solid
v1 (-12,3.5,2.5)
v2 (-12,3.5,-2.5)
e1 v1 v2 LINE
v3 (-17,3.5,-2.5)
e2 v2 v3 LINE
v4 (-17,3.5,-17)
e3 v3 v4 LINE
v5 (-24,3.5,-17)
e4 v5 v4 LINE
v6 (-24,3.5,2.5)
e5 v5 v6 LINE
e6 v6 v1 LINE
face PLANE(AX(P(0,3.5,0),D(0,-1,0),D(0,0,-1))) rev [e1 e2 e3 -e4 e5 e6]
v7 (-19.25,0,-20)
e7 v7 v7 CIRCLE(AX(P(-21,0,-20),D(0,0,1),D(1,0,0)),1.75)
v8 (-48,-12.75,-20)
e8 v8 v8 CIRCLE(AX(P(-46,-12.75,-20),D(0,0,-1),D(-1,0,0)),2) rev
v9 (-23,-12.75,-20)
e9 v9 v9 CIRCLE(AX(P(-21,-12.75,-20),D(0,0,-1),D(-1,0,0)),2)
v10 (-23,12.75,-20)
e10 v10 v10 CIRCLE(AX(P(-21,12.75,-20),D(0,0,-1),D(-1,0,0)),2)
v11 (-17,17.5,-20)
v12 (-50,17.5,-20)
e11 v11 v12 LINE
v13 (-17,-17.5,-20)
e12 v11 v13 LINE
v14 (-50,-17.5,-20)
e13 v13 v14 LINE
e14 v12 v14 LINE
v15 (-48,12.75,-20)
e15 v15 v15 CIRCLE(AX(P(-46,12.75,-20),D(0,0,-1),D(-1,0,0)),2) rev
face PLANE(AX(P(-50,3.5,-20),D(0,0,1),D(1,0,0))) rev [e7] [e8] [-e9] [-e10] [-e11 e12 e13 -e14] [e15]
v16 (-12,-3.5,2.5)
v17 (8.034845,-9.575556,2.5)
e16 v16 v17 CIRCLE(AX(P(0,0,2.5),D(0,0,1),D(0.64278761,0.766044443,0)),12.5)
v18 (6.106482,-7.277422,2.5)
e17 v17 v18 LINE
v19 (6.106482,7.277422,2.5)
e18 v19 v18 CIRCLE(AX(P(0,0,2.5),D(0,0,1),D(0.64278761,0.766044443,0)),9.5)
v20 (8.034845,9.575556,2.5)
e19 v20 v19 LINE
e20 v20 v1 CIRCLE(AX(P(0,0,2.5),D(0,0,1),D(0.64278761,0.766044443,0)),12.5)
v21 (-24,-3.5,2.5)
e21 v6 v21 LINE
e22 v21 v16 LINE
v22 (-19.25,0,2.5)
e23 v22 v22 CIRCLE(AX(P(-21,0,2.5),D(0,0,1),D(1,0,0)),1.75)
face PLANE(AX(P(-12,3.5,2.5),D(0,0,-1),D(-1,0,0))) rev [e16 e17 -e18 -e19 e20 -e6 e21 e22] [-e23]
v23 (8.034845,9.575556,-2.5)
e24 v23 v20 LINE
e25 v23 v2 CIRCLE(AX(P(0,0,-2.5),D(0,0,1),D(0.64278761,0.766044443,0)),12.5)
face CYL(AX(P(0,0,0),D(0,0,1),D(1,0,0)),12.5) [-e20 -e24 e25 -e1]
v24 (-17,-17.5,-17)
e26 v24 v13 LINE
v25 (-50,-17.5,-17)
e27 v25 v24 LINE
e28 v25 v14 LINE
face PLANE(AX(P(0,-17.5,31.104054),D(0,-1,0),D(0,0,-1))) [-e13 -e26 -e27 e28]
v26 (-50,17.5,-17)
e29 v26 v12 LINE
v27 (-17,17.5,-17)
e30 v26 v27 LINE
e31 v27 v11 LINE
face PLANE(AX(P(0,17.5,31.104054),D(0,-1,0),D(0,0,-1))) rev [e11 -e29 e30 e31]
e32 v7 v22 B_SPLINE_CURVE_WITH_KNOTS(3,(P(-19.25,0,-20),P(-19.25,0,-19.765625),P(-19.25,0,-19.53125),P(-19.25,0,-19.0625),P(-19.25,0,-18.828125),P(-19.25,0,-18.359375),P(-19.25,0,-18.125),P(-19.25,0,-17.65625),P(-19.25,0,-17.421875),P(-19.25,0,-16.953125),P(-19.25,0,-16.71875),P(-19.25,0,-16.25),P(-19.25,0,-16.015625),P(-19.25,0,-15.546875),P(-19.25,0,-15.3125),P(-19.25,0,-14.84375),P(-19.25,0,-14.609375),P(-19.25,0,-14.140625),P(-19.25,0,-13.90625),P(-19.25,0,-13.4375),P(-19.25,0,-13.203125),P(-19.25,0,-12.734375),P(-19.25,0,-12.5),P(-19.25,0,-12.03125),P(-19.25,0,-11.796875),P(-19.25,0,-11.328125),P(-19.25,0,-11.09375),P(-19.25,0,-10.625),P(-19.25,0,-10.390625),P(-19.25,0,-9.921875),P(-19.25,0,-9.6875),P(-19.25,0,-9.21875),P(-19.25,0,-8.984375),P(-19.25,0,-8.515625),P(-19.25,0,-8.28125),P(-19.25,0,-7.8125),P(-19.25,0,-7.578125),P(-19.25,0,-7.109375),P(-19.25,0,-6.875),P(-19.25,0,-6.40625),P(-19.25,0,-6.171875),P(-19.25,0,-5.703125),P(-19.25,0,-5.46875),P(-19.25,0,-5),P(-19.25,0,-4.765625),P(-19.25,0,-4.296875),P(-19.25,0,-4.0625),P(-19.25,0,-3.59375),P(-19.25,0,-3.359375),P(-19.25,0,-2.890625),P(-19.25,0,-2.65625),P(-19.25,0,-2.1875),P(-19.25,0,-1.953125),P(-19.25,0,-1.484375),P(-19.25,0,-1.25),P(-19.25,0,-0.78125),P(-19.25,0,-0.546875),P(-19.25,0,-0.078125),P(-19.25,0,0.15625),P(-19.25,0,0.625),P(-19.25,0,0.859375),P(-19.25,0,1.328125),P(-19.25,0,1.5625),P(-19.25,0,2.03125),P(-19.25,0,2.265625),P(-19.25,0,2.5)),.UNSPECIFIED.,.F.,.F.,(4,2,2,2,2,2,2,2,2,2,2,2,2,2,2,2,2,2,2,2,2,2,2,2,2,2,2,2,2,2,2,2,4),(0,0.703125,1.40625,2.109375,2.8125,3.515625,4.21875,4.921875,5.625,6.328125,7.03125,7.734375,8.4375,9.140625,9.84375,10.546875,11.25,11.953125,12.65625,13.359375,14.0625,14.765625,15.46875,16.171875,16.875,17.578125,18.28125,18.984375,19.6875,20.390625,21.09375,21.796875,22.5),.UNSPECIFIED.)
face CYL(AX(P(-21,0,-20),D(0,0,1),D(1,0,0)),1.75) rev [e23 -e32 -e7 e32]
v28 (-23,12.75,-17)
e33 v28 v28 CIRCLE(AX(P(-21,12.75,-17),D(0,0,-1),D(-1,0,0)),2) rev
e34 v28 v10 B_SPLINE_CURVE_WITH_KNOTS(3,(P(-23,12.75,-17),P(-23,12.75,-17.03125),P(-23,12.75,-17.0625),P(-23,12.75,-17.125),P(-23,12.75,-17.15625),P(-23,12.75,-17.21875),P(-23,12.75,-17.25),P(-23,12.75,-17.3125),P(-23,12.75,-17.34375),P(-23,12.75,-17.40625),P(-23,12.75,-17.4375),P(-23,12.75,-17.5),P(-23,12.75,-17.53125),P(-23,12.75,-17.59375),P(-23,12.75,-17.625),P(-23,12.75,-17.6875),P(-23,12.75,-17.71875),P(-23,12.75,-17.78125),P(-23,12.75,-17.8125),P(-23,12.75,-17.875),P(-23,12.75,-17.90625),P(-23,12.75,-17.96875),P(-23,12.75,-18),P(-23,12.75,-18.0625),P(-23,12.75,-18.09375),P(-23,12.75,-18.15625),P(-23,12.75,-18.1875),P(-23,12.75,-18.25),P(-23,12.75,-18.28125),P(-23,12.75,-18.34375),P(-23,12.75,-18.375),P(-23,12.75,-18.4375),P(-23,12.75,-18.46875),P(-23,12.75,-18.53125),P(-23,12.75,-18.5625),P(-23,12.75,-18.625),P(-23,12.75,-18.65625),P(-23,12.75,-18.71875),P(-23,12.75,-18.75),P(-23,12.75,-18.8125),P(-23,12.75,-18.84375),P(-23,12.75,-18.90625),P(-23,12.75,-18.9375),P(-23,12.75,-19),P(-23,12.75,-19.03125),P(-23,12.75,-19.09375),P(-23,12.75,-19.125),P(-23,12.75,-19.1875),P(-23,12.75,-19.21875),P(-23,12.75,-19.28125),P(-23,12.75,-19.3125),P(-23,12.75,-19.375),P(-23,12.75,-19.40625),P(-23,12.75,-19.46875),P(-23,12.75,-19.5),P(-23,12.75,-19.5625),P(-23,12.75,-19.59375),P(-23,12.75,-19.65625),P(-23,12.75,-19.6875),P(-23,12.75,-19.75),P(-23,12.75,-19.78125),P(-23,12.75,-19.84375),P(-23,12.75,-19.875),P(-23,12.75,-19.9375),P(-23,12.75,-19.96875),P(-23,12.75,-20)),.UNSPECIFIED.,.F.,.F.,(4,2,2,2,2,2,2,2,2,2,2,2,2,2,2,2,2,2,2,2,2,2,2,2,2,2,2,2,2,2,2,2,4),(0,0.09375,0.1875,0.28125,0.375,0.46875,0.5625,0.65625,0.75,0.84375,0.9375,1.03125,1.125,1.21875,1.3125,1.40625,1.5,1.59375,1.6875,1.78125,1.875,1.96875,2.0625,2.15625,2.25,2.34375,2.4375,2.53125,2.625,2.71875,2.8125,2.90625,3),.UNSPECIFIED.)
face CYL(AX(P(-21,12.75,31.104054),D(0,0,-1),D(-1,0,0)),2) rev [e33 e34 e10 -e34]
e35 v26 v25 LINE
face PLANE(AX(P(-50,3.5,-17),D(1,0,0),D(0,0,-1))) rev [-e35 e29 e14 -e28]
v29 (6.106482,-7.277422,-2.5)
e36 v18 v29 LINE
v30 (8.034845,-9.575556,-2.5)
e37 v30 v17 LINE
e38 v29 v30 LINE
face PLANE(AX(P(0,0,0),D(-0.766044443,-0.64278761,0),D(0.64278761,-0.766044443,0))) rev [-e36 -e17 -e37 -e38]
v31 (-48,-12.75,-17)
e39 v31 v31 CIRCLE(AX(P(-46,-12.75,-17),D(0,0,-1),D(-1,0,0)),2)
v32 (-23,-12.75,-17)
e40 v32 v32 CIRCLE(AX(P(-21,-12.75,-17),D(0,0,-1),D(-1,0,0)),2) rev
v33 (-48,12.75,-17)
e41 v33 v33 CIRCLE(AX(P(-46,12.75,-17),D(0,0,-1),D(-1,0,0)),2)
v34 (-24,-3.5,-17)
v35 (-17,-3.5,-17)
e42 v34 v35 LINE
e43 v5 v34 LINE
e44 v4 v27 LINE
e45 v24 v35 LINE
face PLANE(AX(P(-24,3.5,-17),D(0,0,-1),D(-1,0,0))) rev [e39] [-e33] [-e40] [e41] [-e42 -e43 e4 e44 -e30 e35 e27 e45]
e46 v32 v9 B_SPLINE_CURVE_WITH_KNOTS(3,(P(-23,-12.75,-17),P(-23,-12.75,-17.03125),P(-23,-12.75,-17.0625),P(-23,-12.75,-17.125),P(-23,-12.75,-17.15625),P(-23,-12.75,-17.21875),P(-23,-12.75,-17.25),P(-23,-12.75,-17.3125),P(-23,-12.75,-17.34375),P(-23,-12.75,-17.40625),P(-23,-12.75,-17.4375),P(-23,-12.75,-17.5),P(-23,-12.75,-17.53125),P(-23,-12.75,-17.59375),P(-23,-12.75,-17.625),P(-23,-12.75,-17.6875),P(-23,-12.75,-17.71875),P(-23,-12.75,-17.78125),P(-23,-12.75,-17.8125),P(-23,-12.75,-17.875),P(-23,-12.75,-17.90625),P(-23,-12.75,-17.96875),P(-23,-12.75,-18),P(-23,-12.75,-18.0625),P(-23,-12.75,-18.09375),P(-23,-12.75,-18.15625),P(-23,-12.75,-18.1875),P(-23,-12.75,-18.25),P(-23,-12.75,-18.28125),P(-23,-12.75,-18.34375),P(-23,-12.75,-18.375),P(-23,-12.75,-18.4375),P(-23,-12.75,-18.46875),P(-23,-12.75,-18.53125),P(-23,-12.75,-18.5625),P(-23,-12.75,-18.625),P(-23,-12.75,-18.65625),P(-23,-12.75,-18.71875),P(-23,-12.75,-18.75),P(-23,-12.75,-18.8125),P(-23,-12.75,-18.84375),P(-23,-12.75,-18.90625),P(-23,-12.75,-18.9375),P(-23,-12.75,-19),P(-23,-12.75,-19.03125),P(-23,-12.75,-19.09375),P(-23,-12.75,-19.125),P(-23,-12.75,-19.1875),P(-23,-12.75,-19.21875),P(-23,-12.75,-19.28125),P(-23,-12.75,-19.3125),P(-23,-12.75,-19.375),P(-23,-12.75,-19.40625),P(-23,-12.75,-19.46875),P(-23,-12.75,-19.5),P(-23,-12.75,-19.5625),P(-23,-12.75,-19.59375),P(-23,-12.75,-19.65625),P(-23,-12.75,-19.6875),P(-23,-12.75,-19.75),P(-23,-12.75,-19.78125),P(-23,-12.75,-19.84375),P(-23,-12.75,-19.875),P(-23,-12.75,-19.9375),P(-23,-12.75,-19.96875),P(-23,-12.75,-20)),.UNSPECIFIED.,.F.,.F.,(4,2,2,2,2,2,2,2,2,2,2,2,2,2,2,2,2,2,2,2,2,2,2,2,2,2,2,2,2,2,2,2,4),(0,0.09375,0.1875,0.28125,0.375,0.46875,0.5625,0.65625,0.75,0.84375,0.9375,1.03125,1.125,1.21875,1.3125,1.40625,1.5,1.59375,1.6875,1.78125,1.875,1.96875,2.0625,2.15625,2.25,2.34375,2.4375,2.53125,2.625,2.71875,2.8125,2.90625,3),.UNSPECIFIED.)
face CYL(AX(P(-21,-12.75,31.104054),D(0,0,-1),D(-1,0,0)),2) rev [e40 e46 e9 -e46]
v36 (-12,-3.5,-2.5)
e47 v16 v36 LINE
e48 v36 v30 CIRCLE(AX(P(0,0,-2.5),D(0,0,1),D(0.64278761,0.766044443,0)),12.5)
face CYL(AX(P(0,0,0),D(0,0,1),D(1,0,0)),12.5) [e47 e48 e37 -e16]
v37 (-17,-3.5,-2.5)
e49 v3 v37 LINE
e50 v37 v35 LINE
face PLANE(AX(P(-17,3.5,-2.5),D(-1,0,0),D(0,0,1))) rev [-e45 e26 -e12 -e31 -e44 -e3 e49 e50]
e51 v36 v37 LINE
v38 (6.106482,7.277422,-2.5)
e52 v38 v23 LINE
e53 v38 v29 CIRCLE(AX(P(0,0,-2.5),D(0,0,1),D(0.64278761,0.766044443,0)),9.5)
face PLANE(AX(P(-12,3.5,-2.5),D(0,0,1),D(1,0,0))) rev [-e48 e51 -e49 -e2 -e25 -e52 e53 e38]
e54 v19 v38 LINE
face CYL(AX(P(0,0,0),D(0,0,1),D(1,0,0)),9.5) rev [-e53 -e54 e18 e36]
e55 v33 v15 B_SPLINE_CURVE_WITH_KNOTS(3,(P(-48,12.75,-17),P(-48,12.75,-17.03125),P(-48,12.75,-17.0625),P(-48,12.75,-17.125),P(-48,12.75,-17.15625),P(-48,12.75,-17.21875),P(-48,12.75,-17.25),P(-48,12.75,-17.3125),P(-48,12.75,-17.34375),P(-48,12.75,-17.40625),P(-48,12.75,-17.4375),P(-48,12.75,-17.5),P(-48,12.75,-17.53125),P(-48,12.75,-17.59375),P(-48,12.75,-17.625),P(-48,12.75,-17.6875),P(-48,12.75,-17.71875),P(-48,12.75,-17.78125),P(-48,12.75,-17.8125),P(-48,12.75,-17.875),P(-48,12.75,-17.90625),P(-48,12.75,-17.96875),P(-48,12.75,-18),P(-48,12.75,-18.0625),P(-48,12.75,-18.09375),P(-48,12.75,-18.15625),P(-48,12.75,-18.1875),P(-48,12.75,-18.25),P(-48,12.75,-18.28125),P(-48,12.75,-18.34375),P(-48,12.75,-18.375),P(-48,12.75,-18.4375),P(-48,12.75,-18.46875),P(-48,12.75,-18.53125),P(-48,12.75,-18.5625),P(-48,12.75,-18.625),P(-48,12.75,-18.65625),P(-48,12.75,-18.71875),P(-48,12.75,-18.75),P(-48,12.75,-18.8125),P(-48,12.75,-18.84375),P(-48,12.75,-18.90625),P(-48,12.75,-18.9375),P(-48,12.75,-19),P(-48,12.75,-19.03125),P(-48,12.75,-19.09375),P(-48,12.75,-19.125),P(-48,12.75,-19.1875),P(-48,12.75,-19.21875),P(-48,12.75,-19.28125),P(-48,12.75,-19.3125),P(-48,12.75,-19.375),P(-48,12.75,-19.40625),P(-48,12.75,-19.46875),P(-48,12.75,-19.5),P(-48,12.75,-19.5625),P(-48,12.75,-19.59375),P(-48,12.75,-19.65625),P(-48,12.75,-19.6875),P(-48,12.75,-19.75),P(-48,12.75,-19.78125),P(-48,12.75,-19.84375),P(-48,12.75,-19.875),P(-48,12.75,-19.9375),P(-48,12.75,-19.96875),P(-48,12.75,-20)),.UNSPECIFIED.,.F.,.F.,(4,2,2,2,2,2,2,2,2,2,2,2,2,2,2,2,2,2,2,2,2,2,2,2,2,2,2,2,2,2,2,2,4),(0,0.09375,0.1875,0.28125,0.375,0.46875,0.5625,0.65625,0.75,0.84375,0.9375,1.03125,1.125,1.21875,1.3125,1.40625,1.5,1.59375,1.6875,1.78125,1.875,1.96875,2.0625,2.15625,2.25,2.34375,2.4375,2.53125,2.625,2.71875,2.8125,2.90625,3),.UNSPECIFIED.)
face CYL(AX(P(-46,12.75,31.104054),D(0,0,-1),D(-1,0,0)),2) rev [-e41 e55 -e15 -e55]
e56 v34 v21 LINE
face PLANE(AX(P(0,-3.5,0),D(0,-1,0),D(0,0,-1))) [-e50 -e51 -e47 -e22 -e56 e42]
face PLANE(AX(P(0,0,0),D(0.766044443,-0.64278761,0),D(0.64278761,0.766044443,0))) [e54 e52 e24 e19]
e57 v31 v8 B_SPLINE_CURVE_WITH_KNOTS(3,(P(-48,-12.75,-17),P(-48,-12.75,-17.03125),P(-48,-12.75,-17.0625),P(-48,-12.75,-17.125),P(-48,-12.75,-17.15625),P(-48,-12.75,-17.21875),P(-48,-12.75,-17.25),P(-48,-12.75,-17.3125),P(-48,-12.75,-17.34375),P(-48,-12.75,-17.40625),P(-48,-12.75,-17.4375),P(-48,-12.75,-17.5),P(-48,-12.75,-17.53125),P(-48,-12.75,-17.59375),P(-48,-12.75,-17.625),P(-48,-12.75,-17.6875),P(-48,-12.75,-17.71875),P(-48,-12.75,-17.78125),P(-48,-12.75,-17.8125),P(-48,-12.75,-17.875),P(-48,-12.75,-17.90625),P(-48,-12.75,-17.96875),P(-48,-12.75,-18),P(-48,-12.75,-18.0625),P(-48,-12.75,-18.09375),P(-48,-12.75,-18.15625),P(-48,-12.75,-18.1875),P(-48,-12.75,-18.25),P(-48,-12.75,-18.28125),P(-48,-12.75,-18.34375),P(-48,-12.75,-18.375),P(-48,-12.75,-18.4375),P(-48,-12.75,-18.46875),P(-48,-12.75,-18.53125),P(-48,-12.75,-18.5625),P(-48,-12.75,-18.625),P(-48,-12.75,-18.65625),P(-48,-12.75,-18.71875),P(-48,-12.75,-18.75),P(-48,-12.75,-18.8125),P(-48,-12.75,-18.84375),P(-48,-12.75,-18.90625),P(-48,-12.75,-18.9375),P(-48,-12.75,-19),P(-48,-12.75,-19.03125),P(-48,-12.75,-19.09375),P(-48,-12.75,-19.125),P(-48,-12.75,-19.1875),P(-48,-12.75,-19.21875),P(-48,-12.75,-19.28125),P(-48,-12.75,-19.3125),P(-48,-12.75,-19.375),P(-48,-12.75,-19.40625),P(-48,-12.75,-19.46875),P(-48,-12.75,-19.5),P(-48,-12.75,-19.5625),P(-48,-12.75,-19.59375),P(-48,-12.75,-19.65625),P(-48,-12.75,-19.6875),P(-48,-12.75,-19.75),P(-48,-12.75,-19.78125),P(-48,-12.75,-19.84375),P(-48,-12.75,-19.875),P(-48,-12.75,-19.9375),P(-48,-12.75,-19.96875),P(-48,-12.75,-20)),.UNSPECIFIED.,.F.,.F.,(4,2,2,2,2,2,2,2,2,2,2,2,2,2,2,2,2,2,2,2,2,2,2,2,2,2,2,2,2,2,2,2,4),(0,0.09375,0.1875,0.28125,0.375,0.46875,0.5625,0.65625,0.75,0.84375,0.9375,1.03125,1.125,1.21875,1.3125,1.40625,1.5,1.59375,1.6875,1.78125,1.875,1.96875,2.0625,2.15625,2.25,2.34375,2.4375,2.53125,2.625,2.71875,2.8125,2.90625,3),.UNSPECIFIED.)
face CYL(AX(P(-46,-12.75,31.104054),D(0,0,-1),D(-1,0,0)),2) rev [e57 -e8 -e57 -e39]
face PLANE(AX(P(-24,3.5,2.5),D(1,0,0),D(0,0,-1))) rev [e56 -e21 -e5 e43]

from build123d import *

# Parameters (mm, degrees)
RESSALTO_EXTRUS_O1_DEPTH = 3.5
ESBO_O15_W               = 33
ESBO_O15_H               = 14
ESBO_O15_R               = 2
ESBO_O15_H_2             = 7
RESSALTO_EXTRUS_O2_DEPTH = 3
ESBO_O16_R               = 1.75
CORTE_EXTRUS_O1_DEPTH    = 58.554322166


with BuildPart() as part:
    # Esboço14 → Ressalto-extrusão1 (new, symmetric)
    with BuildSketch(Plane(origin=(0, 0, 0), x_dir=(1, 0, 0), z_dir=(0, 1, 0))):
        Polygon((-12, 2.5), (-17, 2.5), (-17, 20), (-50, 20), (-50, 17), (-24, 17), (-24, -2.5), (-12, -2.5), align=None)
    extrude(amount=RESSALTO_EXTRUS_O1_DEPTH, both=True)

    # Esboço15 → Ressalto-extrusão2 (add)
    with BuildSketch(Plane(origin=(0, 0, -20), x_dir=(-1, 0, 0), z_dir=(0, 0, -1))):
        with Locations((33.5, -10.5)):
            Rectangle(ESBO_O15_W, ESBO_O15_H)
        with Locations((21, -12.75)):
            Circle(ESBO_O15_R, mode=Mode.SUBTRACT)
        with Locations((46, -12.75)):
            Circle(ESBO_O15_R, mode=Mode.SUBTRACT)
        with Locations((33.5, 10.5)):
            Rectangle(ESBO_O15_W, ESBO_O15_H)
        with Locations((21, 12.75)):
            Circle(ESBO_O15_R, mode=Mode.SUBTRACT)
        with Locations((46, 12.75)):
            Circle(ESBO_O15_R, mode=Mode.SUBTRACT)
        with Locations((33.5, 0)):
            Rectangle(ESBO_O15_W, ESBO_O15_H_2)
    extrude(amount=-RESSALTO_EXTRUS_O2_DEPTH)

    # Esboço16 → Corte-extrusão1 (cut, through all)
    with BuildSketch(Plane.XY.offset(2.5)):
        with Locations((-21, 0)):
            Circle(ESBO_O16_R)
    extrude(amount=-CORTE_EXTRUS_O1_DEPTH, mode=Mode.SUBTRACT)

    # Varredura1: sweep along a path in Esboço1
    with BuildLine(Plane.XY) as varredura1_path:
        ThreePointArc((7.070663707, 8.426488874), (-11, 0), (7.070663707, -8.426488874))
    # 3DSketch2 → Varredura1 (sweep)
    with BuildSketch(Plane(origin=(8.034845121, -9.575555539, 2.5), x_dir=(-0.33071149682512846, 0.39412661445355873, -0.8574929257125443), z_dir=(0.7660444431189768, 0.6427876096865409, 3.624573608241852e-15))):
        Polygon((0, 0), (1.543487266, 2.572478777), (5.830951895, 0), (4.287464629, -2.572478777), align=None)
    sweep(path=varredura1_path.line)


solid = part.part
